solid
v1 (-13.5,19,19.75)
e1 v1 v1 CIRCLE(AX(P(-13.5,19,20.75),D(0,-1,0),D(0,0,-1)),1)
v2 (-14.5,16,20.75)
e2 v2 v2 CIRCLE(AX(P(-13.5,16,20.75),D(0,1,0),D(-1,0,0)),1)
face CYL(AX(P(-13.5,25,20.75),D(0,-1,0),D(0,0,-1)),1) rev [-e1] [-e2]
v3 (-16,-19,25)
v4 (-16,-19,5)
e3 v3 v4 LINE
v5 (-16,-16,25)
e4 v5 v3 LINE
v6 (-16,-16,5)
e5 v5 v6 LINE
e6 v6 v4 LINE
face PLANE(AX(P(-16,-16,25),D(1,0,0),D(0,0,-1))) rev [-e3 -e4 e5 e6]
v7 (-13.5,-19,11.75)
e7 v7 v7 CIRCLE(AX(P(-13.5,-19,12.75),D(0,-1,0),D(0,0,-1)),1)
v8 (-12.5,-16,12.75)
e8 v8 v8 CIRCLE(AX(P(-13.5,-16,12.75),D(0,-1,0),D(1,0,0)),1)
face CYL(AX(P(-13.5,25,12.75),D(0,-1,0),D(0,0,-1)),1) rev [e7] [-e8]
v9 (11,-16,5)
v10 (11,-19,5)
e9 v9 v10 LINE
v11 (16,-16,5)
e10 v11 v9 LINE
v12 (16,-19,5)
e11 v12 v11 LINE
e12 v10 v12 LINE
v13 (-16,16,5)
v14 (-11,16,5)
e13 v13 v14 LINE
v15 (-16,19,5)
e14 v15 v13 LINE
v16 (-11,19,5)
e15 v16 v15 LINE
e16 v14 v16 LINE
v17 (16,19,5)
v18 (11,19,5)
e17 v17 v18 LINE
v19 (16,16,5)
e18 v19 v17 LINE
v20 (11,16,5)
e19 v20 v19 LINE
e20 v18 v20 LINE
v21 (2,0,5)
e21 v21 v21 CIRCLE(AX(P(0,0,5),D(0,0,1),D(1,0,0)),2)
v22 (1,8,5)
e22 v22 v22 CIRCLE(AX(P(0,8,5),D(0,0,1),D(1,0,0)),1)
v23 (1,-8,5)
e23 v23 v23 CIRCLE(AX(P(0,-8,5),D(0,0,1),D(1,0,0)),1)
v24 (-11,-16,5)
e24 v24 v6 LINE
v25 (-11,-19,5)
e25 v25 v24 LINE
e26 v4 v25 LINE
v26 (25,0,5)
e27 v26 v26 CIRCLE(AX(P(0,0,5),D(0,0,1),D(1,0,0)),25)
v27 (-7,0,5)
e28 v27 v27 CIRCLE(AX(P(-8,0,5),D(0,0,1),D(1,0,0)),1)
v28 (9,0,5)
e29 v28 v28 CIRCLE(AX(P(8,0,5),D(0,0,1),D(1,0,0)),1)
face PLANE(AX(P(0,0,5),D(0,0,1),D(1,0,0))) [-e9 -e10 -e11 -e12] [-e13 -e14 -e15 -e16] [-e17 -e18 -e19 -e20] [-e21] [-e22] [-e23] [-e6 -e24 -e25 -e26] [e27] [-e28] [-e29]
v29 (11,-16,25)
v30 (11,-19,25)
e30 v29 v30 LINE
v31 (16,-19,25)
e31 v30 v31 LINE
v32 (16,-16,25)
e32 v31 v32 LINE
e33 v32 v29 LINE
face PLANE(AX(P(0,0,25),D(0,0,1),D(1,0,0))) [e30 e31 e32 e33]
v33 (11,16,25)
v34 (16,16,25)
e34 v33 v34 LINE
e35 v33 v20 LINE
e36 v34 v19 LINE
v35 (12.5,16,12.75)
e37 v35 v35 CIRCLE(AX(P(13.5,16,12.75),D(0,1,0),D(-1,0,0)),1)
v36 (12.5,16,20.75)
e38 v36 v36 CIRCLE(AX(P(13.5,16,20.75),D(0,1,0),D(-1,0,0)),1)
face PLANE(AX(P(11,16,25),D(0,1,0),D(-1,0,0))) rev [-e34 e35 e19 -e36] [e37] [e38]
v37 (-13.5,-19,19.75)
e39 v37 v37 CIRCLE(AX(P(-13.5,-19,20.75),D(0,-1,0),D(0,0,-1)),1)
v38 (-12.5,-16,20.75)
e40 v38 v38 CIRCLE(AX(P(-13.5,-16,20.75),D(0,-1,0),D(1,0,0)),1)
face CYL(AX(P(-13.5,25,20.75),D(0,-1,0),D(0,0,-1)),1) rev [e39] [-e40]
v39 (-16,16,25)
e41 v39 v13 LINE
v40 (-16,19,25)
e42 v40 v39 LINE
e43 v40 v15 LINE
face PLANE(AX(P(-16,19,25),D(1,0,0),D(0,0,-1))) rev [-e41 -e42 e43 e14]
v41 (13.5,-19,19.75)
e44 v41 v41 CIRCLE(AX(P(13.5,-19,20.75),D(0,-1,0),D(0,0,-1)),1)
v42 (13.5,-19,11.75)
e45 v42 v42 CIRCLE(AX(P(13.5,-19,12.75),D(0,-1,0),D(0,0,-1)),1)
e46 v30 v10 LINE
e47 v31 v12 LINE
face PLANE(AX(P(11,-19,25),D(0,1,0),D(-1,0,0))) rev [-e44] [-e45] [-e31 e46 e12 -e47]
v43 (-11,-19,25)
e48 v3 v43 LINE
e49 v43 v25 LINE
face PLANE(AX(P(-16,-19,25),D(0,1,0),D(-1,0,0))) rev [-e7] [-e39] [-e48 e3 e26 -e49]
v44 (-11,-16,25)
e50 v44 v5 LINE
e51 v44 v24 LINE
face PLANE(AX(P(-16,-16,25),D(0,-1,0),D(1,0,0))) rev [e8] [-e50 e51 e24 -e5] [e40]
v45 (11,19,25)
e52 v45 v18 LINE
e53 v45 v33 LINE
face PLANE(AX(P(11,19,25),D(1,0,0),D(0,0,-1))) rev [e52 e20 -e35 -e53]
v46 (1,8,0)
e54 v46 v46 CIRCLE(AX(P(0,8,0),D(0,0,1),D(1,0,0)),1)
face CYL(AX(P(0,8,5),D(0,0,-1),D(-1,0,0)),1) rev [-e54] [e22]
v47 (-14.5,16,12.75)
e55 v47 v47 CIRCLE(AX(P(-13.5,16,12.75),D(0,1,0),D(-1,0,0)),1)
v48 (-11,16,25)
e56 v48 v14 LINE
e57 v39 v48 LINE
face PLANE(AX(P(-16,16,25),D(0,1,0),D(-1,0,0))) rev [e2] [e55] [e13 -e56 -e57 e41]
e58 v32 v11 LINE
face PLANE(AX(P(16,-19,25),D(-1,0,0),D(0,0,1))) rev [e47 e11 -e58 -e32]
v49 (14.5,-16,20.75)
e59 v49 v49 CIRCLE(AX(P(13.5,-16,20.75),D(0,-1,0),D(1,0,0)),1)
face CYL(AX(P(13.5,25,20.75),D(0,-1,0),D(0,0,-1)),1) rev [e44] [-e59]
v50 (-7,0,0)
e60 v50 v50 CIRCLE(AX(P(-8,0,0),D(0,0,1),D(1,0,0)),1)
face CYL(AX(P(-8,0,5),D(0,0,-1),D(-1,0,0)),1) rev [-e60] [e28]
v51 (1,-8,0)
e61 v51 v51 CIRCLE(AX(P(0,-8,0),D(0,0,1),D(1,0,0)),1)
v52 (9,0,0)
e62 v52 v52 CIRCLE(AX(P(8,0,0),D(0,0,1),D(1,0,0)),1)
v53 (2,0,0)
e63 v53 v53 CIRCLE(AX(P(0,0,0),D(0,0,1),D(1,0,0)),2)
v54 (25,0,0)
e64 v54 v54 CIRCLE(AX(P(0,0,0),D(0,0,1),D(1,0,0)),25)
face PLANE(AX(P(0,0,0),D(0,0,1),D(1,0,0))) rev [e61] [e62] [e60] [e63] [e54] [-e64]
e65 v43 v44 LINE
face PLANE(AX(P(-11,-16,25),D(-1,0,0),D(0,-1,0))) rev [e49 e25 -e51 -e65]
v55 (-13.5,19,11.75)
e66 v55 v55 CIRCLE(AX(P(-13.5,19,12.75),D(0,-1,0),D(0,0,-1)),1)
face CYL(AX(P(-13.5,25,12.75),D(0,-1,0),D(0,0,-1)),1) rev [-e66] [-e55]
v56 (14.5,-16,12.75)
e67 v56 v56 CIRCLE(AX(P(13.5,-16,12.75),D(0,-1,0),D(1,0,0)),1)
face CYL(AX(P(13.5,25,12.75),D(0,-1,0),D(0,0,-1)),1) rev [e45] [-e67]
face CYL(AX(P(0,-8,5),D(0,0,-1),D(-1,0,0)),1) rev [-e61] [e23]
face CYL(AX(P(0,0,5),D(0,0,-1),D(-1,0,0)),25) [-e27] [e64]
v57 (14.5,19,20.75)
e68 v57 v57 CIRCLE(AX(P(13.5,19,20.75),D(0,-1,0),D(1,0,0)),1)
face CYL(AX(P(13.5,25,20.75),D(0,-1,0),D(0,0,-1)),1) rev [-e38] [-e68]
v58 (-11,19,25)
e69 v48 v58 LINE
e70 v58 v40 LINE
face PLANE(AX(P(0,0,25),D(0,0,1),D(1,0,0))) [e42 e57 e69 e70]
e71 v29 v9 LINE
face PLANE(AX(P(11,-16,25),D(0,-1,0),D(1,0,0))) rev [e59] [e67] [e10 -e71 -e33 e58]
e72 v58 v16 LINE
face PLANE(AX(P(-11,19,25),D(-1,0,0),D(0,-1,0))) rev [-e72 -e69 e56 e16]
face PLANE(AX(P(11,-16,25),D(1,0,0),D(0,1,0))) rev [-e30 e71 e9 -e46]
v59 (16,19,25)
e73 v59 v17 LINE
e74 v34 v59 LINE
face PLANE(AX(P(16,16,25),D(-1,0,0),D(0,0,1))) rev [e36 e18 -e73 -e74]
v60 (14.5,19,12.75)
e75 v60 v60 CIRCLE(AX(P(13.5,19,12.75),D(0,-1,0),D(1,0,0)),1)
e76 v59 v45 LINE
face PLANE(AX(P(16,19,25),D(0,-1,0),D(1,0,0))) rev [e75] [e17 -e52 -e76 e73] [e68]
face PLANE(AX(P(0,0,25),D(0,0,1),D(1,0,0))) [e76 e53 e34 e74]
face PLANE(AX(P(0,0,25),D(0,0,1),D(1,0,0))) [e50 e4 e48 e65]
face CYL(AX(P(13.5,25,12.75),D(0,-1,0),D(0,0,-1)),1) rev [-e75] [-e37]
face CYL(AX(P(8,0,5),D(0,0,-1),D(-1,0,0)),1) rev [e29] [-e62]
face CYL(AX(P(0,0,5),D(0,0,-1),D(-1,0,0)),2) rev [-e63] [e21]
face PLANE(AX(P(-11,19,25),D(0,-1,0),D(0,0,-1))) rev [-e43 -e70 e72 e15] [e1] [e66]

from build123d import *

# Parameters (mm, degrees)
SKETCH1_R           = 25
SKETCH1_R_2         = 1
SKETCH1_R_3         = 2
BOSS_EXTRUDE1_DEPTH = 5
SKETCH2_W           = 5
SKETCH2_H           = 3
BOSS_EXTRUDE2_DEPTH = 20
SKETCH3_R           = 1
CUT_EXTRUDE1_DEPTH  = 57.444663167


with BuildPart() as part:
    # Sketch1 → Boss-Extrude1 (new body)
    with BuildSketch(Plane.XY):
        Circle(SKETCH1_R)
        with Locations((0, 8)):
            Circle(SKETCH1_R_2, mode=Mode.SUBTRACT)
        with Locations((8, 0)):
            Circle(SKETCH1_R_2, mode=Mode.SUBTRACT)
        with Locations((0, -8)):
            Circle(SKETCH1_R_2, mode=Mode.SUBTRACT)
        with Locations((-8, 0)):
            Circle(SKETCH1_R_2, mode=Mode.SUBTRACT)
        Circle(SKETCH1_R_3, mode=Mode.SUBTRACT)
    extrude(amount=BOSS_EXTRUDE1_DEPTH)

    # Sketch2 → Boss-Extrude2 (add)
    with BuildSketch(Plane.XY.offset(5)):
        with Locations((-13.5, 17.5)):
            Rectangle(SKETCH2_W, SKETCH2_H)
        with Locations((13.5, 17.5)):
            Rectangle(SKETCH2_W, SKETCH2_H)
        with Locations((-13.5, -17.5)):
            Rectangle(SKETCH2_W, SKETCH2_H)
        with Locations((13.5, -17.5)):
            Rectangle(SKETCH2_W, SKETCH2_H)
    extrude(amount=BOSS_EXTRUDE2_DEPTH)

    # Sketch3 → Cut-Extrude1 (cut, through all)
    with BuildSketch(Plane.XZ.offset(19)):
        with Locations(Location((-13.5, 20.75, 0), (0, 0, 270))):
            Circle(SKETCH3_R)
        with Locations(Location((-13.5, 12.75, 0), (0, 0, 270))):
            Circle(SKETCH3_R)
        with Locations(Location((13.5, 20.75, 0), (0, 0, 180))):
            Circle(SKETCH3_R)
        with Locations(Location((13.5, 12.75, 0), (0, 0, 180))):
            Circle(SKETCH3_R)
    extrude(amount=-CUT_EXTRUDE1_DEPTH, mode=Mode.SUBTRACT)


solid = part.part
